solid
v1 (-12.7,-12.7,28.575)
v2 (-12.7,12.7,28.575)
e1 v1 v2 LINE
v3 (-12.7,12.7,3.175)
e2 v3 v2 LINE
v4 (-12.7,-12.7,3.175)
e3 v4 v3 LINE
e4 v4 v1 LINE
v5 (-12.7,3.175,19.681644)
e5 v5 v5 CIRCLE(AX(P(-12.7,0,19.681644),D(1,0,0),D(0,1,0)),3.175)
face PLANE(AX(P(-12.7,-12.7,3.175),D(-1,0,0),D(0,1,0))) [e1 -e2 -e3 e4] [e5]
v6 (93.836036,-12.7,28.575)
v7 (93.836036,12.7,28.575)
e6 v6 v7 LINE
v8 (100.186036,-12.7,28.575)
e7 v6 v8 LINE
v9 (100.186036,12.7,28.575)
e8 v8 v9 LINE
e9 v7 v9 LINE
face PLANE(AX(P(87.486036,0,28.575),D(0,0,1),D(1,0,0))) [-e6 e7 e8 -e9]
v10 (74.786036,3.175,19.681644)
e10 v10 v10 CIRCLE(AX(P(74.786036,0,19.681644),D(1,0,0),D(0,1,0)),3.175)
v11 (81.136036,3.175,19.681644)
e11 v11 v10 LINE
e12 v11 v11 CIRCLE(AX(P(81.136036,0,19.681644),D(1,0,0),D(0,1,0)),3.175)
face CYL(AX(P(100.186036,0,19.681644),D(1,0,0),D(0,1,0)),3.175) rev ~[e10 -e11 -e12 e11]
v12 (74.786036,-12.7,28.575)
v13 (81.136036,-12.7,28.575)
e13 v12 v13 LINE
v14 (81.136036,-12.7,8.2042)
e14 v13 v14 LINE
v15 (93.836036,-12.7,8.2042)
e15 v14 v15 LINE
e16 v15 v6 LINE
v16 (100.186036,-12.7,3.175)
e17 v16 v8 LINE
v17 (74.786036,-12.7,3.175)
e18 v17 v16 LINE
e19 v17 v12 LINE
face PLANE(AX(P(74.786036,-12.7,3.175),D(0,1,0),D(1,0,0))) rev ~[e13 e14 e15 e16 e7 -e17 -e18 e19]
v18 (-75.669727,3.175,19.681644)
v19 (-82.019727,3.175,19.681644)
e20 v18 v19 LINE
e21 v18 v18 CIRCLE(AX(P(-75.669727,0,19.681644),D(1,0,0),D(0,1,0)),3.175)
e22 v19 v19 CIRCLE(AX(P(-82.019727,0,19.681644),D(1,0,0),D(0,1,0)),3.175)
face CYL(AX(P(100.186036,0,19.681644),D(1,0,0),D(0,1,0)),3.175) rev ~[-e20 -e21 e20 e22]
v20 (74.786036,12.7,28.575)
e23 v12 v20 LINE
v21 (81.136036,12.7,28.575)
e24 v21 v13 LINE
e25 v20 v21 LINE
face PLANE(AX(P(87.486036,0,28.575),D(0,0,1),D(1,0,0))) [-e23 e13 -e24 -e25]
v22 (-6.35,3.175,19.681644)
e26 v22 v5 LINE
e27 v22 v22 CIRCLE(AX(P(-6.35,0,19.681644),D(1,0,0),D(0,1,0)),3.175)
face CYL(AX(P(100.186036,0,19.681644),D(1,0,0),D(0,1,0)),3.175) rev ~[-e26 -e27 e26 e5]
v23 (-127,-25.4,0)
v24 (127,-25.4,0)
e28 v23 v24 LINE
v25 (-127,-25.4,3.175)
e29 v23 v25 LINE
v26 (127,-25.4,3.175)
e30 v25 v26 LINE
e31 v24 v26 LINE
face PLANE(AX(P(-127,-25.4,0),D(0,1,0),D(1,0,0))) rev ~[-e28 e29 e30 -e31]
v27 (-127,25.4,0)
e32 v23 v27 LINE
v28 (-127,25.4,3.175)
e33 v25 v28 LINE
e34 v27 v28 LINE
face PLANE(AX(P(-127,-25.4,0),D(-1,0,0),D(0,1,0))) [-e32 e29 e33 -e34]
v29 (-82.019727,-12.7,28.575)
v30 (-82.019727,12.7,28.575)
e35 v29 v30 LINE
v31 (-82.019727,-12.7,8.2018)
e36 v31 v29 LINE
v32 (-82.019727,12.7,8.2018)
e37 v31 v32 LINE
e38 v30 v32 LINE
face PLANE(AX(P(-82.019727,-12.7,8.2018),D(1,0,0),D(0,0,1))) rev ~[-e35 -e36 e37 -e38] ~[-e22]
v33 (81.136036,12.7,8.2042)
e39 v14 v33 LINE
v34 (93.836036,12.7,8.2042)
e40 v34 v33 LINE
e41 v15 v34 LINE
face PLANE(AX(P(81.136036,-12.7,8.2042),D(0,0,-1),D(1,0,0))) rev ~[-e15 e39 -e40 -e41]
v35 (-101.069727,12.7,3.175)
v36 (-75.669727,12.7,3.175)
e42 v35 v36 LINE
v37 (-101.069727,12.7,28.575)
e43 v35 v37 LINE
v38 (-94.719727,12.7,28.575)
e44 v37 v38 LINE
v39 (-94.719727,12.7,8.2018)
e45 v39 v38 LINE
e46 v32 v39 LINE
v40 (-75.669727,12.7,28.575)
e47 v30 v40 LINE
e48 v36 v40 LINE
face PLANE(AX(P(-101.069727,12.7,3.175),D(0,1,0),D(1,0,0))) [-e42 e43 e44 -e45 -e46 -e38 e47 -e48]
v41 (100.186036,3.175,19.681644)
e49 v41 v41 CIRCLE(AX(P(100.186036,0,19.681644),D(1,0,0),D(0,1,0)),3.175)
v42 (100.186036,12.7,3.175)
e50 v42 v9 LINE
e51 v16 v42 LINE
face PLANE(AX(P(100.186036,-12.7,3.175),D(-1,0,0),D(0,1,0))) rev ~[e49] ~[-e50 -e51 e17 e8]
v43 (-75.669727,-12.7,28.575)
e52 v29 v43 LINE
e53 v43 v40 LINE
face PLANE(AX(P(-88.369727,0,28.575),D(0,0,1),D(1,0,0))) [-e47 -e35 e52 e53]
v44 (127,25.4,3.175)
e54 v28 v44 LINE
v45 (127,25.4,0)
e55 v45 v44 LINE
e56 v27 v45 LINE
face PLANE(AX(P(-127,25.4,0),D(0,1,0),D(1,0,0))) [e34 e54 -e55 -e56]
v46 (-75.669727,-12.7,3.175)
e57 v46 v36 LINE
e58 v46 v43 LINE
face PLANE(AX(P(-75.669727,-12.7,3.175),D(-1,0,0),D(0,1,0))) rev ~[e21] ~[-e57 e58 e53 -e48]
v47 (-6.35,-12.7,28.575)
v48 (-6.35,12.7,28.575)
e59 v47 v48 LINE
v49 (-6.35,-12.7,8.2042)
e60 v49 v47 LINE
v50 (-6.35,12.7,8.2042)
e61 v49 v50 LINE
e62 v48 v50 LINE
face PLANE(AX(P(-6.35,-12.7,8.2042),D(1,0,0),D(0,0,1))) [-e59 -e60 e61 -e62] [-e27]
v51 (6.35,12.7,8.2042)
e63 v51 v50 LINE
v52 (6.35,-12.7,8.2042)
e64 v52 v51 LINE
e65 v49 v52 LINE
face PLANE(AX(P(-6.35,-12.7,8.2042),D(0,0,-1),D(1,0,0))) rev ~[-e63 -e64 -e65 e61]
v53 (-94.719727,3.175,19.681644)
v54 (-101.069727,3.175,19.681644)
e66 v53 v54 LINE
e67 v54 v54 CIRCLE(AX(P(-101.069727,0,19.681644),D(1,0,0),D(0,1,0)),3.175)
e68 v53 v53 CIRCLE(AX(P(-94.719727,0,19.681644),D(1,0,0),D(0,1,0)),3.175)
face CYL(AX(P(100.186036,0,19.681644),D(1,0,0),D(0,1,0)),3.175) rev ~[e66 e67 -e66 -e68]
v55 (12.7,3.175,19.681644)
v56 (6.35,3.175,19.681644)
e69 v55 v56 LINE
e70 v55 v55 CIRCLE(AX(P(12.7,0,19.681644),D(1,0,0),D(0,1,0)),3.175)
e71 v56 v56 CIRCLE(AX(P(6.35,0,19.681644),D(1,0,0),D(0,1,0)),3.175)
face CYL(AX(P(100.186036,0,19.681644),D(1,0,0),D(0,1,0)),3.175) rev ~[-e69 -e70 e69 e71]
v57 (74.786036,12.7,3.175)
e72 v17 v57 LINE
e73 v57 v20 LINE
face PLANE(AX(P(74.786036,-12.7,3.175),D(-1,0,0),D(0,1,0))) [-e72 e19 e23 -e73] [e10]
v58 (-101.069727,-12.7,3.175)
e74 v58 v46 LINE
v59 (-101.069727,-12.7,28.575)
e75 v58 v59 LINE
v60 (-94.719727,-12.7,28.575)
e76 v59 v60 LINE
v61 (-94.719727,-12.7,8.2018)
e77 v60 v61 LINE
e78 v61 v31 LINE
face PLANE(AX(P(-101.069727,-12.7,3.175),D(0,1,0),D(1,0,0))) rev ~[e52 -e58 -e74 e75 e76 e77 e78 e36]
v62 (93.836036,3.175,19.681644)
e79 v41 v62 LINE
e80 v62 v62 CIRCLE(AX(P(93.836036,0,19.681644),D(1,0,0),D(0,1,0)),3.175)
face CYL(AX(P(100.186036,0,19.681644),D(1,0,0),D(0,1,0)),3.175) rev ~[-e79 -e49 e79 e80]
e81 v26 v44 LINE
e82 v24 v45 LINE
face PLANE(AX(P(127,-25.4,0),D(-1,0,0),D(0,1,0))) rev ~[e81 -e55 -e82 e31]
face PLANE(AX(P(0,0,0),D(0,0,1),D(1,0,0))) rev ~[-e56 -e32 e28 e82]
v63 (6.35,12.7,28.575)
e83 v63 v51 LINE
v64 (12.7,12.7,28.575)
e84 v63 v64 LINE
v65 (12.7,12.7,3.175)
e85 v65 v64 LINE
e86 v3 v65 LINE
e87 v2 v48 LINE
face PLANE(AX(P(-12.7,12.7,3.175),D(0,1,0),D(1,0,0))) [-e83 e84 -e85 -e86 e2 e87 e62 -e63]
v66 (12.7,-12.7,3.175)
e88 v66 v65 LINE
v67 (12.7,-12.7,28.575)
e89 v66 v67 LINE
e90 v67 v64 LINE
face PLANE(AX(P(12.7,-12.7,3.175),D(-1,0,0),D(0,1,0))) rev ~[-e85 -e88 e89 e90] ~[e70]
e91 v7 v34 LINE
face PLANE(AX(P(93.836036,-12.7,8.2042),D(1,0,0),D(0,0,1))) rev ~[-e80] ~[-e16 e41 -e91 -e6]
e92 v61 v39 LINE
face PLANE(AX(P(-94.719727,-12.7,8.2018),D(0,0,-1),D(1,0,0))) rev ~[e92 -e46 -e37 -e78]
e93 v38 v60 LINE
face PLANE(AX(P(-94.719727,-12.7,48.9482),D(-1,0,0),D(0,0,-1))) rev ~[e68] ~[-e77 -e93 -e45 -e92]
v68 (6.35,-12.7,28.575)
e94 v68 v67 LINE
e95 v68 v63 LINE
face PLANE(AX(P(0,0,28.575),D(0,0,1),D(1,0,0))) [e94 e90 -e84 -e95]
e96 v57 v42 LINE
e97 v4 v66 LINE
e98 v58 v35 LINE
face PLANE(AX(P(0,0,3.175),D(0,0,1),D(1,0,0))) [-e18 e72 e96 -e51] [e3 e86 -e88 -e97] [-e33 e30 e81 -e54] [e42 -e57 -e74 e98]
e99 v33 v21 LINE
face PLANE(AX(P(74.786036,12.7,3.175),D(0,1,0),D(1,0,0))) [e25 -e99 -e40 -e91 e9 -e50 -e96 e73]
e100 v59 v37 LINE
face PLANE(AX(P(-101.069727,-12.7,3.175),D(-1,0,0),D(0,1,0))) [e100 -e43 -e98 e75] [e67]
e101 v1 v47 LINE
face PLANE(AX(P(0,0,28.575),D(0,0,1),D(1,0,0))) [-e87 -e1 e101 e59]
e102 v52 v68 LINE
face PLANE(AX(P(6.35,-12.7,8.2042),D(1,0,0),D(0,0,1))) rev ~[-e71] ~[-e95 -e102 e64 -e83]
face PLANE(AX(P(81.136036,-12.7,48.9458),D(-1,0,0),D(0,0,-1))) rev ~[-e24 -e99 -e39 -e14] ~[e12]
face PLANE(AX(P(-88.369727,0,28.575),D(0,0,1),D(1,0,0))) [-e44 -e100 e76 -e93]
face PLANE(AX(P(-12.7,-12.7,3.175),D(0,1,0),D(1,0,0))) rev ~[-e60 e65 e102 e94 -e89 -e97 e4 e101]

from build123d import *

# Parameters (mm, degrees)
F0_W     = 254
F0_H     = 50.8
F1_DEPTH = 3.175
F2_W     = 25.4
F2_H     = 25.4
F3_DEPTH = 25.4
F4_W     = 12.7
F4_H     = 20.3732
F4_H_2   = 40.7416
F5_W     = 12.7
F5_H     = 20.3708
F6_DEPTH = 38.1
F7_R     = 3.175
F8_DEPTH = 227.187036


with BuildPart() as f1:
    # F0 (on Top) → F1 (new body)
    with BuildSketch(Plane.XY):
        Rectangle(F0_W, F0_H)
    extrude(amount=F1_DEPTH)

    # F2 (on face) → F3 (join)
    with BuildSketch(Plane.XY.offset(3.175)):
        with Locations((-88.369727, 0)):
            Rectangle(F2_W, F2_H)
        Rectangle(F2_W, F2_H)
        with Locations((87.486036, 0)):
            Rectangle(F2_W, F2_H)
    extrude(amount=F3_DEPTH)

    # F4 (on face) + F5 (on face) → F6 (cut)
    with BuildSketch(Plane.XZ.offset(12.7)):
        with Locations((-88.369727, 38.7616)):
            Rectangle(F4_W, F4_H)
        with Locations((-88.369727, 18.3884)):
            Rectangle(F4_W, F4_H)
        with Locations((0, 28.575)):
            Rectangle(F4_W, F4_H_2)
    with BuildSketch(Plane.XZ.offset(12.7)):
        with Locations((87.486036, 38.7604)):
            Rectangle(F5_W, F5_H)
        with Locations((87.486036, 18.3896)):
            Rectangle(F5_W, F5_H)
    extrude(amount=-F6_DEPTH, mode=Mode.SUBTRACT)

    # F7 (on face) → F8 (cut, through all)
    with BuildSketch(Plane.YZ.offset(100.186036)):
        with Locations((0, 19.681644)):
            Circle(F7_R)
    extrude(amount=-F8_DEPTH, mode=Mode.SUBTRACT)


solid = f1.part
